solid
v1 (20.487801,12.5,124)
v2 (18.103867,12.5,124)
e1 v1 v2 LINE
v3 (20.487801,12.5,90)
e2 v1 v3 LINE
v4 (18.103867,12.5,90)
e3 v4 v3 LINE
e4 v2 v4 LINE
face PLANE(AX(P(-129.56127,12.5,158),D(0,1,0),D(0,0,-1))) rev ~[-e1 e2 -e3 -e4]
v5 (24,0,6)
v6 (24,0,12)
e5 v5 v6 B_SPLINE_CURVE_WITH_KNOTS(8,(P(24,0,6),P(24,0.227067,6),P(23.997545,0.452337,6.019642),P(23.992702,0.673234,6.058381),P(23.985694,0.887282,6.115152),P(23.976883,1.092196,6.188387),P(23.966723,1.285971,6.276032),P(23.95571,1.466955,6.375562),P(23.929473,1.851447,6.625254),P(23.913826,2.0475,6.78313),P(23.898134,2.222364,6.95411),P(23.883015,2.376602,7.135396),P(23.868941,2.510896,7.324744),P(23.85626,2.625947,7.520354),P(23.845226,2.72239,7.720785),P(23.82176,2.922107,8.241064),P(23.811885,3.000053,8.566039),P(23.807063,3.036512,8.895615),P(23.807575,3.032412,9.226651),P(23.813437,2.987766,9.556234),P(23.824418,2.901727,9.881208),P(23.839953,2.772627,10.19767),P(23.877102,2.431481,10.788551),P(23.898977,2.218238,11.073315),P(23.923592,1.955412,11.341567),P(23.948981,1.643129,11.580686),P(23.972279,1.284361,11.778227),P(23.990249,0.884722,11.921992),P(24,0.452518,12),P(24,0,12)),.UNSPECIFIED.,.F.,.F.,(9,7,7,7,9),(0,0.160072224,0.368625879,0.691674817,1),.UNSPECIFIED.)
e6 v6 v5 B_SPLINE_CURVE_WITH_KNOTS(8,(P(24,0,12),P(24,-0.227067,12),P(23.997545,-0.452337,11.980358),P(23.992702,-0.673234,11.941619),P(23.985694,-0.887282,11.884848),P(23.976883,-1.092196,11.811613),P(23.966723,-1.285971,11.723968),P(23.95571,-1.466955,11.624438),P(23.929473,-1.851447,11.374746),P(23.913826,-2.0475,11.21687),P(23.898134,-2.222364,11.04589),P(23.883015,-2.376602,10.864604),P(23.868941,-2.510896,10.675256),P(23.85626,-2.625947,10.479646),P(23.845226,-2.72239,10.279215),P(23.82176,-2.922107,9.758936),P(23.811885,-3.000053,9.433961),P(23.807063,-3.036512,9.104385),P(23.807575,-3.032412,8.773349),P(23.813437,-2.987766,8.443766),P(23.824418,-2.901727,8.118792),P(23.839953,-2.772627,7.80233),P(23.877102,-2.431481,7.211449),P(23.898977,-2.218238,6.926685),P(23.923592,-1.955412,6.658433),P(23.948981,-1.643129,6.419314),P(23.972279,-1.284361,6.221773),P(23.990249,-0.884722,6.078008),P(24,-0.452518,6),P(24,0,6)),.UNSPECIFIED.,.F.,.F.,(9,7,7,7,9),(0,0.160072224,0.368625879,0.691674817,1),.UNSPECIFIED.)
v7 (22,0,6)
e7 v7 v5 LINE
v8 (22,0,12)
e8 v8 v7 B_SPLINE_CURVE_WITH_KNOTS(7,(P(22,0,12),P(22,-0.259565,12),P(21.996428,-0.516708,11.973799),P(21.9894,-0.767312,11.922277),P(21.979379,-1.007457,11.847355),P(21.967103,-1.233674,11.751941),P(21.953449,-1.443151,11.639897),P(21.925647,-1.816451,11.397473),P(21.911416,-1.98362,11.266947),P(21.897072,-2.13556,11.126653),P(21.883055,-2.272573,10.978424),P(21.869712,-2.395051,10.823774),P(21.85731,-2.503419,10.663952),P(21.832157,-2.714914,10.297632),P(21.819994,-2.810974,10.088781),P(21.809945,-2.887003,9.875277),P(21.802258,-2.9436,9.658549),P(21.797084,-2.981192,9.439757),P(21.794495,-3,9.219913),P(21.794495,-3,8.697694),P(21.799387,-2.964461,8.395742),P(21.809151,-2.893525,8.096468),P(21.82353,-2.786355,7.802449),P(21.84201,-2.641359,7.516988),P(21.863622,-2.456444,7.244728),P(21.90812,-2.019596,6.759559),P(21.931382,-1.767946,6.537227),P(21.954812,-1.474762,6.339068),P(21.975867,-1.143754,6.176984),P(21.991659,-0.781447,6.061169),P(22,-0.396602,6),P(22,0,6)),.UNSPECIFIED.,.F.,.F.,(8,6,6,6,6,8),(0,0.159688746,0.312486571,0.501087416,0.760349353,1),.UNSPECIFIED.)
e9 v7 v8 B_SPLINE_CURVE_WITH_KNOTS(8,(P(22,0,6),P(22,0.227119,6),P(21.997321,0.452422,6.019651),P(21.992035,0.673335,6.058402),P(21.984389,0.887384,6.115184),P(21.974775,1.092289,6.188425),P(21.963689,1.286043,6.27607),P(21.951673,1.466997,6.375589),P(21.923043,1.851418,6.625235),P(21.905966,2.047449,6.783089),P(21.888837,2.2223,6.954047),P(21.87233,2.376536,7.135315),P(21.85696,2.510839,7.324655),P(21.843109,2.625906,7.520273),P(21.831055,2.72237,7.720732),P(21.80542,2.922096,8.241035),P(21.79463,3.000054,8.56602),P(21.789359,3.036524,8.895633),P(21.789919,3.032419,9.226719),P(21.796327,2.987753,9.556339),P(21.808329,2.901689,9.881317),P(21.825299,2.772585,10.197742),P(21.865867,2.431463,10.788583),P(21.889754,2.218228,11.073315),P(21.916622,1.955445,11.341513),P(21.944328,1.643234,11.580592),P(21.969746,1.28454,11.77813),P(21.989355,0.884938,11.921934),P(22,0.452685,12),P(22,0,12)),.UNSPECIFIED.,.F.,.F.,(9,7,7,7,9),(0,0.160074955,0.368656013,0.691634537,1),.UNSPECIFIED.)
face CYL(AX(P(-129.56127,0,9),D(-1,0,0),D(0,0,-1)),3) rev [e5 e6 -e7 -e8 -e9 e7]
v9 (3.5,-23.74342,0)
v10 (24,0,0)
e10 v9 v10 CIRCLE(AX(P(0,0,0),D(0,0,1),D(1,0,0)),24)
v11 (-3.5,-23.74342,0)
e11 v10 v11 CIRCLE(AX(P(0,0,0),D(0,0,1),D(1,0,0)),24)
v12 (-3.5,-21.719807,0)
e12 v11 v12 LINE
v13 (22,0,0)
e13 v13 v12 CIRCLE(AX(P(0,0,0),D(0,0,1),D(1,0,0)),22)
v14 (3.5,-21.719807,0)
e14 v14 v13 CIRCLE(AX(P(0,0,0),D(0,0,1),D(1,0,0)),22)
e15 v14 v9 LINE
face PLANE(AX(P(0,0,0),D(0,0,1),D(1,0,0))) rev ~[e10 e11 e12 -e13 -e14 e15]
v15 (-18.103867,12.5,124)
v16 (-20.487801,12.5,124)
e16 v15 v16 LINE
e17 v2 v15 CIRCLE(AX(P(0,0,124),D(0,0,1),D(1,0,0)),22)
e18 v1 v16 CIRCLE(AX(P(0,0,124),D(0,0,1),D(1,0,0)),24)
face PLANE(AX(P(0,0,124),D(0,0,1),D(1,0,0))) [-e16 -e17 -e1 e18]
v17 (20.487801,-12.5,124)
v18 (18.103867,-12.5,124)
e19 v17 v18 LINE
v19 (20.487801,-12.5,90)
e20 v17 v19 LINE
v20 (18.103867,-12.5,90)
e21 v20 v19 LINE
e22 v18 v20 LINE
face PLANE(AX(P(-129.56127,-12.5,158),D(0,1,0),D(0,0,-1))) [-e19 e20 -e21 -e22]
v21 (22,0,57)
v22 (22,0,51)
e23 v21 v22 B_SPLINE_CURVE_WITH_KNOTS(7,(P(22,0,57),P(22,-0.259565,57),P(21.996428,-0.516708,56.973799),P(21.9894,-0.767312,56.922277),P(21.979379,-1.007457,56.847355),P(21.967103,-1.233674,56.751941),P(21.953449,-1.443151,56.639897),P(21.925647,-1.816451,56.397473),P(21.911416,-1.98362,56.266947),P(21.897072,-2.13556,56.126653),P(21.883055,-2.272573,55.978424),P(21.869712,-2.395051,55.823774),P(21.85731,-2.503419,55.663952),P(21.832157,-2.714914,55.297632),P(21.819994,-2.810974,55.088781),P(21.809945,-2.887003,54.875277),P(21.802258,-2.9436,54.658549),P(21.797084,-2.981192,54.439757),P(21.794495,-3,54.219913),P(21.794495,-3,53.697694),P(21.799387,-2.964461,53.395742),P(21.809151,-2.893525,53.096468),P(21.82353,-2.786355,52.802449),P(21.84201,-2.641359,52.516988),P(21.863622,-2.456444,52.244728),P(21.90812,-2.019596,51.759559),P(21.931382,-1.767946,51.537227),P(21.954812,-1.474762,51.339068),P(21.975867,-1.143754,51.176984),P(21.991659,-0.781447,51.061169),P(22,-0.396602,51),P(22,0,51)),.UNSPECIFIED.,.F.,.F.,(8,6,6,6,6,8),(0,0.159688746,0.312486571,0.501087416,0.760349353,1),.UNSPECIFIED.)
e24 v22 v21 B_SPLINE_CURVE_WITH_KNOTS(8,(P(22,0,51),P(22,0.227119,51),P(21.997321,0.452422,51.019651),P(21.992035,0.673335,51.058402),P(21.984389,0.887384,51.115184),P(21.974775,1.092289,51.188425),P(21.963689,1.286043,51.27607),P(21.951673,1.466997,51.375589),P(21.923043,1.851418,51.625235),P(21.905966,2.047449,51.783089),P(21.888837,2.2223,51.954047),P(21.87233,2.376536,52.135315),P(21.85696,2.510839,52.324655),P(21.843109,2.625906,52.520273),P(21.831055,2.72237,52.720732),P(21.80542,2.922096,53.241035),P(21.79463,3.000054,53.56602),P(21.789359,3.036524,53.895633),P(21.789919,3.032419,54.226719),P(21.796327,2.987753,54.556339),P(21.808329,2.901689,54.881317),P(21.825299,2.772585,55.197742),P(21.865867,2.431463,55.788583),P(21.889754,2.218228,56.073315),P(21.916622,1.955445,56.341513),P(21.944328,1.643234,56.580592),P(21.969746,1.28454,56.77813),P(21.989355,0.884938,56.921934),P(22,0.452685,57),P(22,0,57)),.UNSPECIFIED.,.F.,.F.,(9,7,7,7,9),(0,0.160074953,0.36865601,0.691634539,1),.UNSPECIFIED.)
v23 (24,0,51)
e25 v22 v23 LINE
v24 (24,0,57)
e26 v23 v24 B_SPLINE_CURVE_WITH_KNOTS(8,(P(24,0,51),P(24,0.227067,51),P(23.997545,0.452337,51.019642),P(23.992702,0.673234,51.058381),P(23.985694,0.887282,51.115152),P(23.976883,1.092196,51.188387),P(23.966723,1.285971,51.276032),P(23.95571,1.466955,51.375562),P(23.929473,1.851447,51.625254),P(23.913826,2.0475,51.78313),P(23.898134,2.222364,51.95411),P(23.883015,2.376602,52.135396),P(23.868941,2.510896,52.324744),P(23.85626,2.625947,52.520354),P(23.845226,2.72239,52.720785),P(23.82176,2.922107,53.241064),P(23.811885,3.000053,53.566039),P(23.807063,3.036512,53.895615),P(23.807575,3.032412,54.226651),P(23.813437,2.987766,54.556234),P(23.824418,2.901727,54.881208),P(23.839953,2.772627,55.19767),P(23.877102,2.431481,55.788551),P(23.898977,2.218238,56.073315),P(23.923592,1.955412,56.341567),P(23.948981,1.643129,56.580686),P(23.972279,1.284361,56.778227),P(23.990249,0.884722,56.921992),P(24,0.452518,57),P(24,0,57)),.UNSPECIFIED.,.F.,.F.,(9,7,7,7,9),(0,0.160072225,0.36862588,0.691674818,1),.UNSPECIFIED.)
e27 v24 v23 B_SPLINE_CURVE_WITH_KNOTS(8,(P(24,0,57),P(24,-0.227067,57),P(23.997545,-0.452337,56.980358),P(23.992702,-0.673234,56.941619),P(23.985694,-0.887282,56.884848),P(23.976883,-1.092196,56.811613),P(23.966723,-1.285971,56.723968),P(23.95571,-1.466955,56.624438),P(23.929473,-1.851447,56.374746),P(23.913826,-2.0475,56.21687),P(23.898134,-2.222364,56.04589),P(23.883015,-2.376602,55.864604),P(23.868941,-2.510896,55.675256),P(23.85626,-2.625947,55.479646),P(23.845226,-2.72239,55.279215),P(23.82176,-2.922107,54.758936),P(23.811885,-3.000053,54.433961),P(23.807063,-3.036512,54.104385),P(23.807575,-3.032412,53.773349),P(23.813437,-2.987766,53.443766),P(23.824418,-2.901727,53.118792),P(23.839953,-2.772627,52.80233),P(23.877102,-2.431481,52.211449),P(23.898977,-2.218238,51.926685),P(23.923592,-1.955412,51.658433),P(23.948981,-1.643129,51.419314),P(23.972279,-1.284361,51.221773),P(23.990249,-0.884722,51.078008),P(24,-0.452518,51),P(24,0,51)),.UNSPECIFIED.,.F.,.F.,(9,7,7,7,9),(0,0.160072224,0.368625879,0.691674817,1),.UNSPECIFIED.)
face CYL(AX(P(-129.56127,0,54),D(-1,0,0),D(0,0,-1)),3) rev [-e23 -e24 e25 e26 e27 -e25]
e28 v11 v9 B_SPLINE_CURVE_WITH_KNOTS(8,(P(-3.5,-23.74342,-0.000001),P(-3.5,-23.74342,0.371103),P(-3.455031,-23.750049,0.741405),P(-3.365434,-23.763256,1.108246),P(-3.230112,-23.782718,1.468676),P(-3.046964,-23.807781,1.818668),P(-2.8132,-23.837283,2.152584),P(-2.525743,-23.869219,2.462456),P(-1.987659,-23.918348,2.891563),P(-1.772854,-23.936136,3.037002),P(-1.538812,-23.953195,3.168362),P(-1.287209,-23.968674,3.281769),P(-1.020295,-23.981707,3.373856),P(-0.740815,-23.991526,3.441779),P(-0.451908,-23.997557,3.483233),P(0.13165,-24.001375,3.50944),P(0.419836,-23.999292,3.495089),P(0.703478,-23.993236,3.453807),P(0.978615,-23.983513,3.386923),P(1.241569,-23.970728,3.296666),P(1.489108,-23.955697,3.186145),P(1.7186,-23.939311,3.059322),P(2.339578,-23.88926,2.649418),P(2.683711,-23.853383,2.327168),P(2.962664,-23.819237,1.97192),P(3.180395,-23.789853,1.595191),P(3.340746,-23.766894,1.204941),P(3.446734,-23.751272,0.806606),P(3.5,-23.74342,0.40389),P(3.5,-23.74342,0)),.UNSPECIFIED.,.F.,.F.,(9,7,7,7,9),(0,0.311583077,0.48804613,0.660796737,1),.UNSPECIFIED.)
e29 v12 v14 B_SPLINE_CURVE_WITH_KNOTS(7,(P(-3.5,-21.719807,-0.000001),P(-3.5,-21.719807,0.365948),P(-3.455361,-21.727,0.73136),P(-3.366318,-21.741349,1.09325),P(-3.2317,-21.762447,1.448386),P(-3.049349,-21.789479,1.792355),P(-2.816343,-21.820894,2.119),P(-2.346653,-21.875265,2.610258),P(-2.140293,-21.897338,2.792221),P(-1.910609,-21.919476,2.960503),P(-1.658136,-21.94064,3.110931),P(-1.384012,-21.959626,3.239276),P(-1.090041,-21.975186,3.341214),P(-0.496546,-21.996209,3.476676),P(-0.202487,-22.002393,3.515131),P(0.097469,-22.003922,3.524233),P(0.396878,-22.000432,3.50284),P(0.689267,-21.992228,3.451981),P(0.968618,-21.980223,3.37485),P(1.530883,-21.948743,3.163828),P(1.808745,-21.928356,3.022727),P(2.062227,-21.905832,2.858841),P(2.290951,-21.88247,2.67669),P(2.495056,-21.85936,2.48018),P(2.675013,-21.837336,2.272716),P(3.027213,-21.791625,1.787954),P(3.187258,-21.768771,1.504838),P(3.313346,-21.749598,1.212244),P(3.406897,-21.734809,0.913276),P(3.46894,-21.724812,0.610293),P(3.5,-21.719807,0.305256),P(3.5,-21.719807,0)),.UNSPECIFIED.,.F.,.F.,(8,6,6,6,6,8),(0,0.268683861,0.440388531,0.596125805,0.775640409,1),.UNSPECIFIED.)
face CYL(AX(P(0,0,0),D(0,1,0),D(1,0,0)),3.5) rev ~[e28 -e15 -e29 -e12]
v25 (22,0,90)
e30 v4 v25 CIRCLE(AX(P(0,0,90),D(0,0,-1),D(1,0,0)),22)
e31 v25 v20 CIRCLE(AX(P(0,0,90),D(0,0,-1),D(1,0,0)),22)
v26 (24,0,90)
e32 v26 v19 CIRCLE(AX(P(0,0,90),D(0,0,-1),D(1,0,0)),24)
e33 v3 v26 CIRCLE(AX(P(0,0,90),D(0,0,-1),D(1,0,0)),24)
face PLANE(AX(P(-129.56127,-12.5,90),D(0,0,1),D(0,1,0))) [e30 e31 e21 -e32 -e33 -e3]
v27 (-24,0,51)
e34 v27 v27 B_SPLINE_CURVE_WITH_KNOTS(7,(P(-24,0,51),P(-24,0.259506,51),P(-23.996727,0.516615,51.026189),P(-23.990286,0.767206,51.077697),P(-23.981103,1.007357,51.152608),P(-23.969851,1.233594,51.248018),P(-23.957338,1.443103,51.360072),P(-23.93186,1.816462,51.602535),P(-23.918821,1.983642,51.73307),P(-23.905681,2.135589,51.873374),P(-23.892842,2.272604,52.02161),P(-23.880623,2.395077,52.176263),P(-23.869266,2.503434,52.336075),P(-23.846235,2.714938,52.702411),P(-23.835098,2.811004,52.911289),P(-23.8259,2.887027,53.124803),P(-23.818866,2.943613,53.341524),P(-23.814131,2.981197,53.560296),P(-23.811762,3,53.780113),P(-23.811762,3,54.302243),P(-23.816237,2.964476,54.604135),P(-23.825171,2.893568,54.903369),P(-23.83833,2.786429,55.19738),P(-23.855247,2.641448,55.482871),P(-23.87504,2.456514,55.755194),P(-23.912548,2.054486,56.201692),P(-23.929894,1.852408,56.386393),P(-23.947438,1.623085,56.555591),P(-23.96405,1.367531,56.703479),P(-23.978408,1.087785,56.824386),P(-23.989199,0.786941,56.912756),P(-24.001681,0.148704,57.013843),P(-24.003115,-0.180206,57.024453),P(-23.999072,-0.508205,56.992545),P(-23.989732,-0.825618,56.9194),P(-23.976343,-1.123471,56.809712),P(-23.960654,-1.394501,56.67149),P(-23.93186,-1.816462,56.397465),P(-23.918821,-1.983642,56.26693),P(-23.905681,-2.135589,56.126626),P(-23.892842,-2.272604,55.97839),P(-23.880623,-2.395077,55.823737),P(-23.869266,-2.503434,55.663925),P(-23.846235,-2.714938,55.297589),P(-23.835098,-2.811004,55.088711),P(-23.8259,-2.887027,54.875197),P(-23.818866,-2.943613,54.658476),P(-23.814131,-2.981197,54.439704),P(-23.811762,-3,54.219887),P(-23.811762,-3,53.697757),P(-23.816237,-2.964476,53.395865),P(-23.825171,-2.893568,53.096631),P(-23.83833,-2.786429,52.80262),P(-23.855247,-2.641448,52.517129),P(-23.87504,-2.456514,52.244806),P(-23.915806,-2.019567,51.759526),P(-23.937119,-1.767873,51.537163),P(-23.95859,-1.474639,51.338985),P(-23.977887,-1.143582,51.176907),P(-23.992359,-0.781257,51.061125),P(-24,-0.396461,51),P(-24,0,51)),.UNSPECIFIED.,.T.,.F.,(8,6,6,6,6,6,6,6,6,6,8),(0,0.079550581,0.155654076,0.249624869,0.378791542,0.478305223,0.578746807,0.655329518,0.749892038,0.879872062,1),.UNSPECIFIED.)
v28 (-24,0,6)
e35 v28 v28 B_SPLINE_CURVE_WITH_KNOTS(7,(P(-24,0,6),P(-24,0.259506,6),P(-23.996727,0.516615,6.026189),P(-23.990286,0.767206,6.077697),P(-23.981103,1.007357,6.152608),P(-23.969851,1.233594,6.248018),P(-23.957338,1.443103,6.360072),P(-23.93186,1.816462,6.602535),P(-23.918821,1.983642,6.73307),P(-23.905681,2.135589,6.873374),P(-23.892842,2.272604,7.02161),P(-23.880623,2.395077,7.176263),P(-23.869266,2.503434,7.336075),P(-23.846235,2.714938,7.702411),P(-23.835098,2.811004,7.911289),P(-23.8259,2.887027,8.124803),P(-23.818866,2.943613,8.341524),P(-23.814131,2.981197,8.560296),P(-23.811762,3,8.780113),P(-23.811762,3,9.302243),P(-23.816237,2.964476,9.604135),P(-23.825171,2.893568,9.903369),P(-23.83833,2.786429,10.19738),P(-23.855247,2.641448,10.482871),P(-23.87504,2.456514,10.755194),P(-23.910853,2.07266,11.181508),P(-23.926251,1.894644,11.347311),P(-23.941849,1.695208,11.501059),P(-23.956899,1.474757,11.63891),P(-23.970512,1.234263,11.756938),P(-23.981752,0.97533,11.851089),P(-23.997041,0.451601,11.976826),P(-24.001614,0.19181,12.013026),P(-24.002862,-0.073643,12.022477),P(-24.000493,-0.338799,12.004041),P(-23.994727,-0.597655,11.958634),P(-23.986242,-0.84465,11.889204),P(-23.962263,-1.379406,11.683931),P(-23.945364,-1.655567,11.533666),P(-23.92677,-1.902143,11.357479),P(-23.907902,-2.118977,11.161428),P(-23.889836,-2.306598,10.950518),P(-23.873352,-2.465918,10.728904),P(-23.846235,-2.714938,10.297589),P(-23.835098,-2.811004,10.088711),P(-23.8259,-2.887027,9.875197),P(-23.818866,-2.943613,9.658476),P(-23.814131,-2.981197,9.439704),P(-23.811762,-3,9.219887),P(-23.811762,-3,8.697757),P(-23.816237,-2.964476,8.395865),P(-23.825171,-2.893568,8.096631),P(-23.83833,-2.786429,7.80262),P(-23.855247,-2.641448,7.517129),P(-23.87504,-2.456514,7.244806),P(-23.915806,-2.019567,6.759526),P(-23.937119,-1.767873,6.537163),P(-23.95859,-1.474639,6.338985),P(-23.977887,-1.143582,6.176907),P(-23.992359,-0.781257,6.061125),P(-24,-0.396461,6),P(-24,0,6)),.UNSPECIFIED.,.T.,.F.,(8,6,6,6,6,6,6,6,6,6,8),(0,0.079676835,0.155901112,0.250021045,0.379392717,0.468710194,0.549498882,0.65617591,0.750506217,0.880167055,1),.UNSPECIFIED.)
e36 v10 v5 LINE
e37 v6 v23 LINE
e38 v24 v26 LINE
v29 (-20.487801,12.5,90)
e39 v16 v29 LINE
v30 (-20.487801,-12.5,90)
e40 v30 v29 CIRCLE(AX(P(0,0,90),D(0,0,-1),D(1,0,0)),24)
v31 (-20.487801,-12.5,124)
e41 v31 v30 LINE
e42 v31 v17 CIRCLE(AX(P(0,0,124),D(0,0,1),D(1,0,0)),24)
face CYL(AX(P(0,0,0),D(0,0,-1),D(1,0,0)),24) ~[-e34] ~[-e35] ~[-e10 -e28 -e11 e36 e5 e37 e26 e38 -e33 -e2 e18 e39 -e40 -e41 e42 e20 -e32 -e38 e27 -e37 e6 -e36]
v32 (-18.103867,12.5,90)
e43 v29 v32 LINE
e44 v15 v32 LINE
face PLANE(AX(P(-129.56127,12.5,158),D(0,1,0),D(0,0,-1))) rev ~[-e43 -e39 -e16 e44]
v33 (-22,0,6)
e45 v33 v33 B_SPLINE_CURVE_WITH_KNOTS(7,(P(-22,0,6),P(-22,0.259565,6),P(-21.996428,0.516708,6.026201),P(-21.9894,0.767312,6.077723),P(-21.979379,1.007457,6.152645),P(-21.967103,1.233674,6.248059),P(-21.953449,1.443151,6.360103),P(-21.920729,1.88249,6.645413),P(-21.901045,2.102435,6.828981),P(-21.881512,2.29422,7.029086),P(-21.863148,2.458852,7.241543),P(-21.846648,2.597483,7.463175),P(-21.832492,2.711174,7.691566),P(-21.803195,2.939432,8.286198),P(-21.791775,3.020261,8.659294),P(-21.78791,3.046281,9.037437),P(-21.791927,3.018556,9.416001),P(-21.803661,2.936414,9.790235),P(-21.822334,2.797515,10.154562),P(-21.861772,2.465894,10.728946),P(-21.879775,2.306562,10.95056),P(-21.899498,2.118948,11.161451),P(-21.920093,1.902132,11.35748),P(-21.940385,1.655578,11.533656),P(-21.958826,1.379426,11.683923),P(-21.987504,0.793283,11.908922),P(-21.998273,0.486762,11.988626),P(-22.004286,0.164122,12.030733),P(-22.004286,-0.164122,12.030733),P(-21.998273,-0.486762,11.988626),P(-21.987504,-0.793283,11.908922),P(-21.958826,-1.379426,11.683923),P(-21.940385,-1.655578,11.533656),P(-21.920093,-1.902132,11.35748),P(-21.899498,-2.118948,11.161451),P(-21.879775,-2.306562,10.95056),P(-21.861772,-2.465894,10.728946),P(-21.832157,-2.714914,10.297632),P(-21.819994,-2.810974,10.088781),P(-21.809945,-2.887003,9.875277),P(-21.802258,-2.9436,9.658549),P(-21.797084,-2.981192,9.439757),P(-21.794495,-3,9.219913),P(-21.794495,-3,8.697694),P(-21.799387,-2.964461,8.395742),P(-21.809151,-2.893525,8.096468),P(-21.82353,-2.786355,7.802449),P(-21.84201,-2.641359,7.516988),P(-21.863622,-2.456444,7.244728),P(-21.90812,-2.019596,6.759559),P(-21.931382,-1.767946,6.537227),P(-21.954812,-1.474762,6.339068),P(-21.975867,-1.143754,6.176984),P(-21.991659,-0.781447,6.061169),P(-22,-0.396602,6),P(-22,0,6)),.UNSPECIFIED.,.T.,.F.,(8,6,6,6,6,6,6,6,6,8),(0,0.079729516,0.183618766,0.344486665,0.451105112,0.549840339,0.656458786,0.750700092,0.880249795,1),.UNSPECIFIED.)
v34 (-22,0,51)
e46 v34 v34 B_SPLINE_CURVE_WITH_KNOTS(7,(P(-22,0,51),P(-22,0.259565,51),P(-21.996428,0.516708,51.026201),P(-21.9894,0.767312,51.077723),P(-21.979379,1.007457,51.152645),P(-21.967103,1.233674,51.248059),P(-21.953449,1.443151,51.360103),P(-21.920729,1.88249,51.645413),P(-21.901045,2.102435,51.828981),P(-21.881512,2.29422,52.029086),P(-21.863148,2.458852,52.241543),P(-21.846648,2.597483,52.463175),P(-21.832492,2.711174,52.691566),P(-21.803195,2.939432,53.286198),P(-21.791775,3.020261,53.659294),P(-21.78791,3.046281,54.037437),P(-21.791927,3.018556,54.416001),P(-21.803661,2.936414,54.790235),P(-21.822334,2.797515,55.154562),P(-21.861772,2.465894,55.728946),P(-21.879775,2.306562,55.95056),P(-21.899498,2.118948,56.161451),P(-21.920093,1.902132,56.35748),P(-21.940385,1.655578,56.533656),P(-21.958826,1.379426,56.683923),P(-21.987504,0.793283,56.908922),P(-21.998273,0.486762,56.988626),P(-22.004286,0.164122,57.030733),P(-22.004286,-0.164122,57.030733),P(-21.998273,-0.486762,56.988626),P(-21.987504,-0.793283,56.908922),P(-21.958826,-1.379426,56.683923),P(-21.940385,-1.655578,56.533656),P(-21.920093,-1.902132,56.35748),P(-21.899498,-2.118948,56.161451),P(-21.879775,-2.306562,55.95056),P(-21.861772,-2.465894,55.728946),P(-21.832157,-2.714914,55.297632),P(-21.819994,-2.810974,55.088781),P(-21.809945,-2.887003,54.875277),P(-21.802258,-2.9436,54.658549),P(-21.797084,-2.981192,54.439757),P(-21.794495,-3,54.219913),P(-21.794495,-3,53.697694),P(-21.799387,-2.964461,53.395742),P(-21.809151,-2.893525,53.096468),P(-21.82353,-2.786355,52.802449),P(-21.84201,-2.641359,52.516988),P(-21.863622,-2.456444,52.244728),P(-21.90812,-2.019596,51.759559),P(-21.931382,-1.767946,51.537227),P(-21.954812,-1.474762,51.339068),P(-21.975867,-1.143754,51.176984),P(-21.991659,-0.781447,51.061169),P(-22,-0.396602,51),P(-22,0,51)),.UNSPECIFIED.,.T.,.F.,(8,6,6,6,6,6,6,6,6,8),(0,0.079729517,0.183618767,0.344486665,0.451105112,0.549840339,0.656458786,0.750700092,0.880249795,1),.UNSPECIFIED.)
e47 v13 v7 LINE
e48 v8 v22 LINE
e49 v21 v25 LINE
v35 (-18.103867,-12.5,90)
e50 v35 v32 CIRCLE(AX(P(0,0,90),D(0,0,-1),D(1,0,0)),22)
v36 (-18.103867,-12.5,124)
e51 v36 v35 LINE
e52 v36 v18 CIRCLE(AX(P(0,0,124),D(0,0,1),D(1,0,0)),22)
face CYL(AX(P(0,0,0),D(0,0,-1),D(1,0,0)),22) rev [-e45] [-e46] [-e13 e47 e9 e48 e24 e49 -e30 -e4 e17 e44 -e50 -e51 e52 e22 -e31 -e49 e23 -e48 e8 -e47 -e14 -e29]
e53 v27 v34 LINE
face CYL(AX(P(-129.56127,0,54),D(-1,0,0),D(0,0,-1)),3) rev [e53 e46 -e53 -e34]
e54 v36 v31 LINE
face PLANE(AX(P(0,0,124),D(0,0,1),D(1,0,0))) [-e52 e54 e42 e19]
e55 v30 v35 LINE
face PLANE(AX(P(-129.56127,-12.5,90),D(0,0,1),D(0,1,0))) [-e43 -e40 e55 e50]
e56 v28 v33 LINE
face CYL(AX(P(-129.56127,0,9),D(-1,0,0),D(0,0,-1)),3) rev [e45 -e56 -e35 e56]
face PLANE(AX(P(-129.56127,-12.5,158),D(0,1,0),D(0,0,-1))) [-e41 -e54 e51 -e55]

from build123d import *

# Parameters (mm, degrees)
SKETCH_1_R               = 24
SKETCH_1_R_2             = 22
EXTRUDE_1_DEPTH          = 124
SKETCH_2_R               = 3.5
CUT_EXTRUDE_1_DEPTH      = 100
CUT_EXTRUDE_2_DEPTH      = 129.561269574
CUT_EXTRUDE_2_DEPTH_BACK = 129.561269574
SKETCH_3_W               = 68
SKETCH_3_H               = 25
CUT_EXTRUDE_3_DEPTH      = 129.561269574
CUT_EXTRUDE_3_DEPTH_BACK = 129.561269574
SKETCH_4_R               = 3


with BuildPart() as part:
    # 草图1 → 凸台-拉伸1 (new body)
    with BuildSketch(Plane.XY):
        Circle(SKETCH_1_R)
        Circle(SKETCH_1_R_2, mode=Mode.SUBTRACT)
    extrude(amount=EXTRUDE_1_DEPTH)

    # 草图2 → 切除-拉伸1 (cut)
    with BuildSketch(Plane(origin=(0, 0, 0), x_dir=(1, 0, 0), z_dir=(0, 1, 0))):
        Circle(SKETCH_2_R)
    extrude(amount=-CUT_EXTRUDE_1_DEPTH, mode=Mode.SUBTRACT)

    # 草图3 → 切除-拉伸2 (cut, two sides: drawn at the far end of the back side and taken through both)
    with BuildSketch(Plane(origin=(0, 0, 0), x_dir=(0, 0, -1), z_dir=(1, 0, 0)).offset(-CUT_EXTRUDE_2_DEPTH_BACK)):
        with Locations((-124, 0)):
            Rectangle(SKETCH_3_W, SKETCH_3_H)
    extrude(amount=CUT_EXTRUDE_2_DEPTH + CUT_EXTRUDE_2_DEPTH_BACK, mode=Mode.SUBTRACT)

    # 草图4 → 切除-拉伸3 (cut, two sides: drawn at the far end of the back side and taken through both)
    with BuildSketch(Plane(origin=(0, 0, 0), x_dir=(0, 0, -1), z_dir=(1, 0, 0)).offset(-CUT_EXTRUDE_3_DEPTH_BACK)):
        with Locations((-9, 0)):
            Circle(SKETCH_4_R)
        with Locations((-54, 0)):
            Circle(SKETCH_4_R)
    extrude(amount=CUT_EXTRUDE_3_DEPTH + CUT_EXTRUDE_3_DEPTH_BACK, mode=Mode.SUBTRACT)


solid = part.part
